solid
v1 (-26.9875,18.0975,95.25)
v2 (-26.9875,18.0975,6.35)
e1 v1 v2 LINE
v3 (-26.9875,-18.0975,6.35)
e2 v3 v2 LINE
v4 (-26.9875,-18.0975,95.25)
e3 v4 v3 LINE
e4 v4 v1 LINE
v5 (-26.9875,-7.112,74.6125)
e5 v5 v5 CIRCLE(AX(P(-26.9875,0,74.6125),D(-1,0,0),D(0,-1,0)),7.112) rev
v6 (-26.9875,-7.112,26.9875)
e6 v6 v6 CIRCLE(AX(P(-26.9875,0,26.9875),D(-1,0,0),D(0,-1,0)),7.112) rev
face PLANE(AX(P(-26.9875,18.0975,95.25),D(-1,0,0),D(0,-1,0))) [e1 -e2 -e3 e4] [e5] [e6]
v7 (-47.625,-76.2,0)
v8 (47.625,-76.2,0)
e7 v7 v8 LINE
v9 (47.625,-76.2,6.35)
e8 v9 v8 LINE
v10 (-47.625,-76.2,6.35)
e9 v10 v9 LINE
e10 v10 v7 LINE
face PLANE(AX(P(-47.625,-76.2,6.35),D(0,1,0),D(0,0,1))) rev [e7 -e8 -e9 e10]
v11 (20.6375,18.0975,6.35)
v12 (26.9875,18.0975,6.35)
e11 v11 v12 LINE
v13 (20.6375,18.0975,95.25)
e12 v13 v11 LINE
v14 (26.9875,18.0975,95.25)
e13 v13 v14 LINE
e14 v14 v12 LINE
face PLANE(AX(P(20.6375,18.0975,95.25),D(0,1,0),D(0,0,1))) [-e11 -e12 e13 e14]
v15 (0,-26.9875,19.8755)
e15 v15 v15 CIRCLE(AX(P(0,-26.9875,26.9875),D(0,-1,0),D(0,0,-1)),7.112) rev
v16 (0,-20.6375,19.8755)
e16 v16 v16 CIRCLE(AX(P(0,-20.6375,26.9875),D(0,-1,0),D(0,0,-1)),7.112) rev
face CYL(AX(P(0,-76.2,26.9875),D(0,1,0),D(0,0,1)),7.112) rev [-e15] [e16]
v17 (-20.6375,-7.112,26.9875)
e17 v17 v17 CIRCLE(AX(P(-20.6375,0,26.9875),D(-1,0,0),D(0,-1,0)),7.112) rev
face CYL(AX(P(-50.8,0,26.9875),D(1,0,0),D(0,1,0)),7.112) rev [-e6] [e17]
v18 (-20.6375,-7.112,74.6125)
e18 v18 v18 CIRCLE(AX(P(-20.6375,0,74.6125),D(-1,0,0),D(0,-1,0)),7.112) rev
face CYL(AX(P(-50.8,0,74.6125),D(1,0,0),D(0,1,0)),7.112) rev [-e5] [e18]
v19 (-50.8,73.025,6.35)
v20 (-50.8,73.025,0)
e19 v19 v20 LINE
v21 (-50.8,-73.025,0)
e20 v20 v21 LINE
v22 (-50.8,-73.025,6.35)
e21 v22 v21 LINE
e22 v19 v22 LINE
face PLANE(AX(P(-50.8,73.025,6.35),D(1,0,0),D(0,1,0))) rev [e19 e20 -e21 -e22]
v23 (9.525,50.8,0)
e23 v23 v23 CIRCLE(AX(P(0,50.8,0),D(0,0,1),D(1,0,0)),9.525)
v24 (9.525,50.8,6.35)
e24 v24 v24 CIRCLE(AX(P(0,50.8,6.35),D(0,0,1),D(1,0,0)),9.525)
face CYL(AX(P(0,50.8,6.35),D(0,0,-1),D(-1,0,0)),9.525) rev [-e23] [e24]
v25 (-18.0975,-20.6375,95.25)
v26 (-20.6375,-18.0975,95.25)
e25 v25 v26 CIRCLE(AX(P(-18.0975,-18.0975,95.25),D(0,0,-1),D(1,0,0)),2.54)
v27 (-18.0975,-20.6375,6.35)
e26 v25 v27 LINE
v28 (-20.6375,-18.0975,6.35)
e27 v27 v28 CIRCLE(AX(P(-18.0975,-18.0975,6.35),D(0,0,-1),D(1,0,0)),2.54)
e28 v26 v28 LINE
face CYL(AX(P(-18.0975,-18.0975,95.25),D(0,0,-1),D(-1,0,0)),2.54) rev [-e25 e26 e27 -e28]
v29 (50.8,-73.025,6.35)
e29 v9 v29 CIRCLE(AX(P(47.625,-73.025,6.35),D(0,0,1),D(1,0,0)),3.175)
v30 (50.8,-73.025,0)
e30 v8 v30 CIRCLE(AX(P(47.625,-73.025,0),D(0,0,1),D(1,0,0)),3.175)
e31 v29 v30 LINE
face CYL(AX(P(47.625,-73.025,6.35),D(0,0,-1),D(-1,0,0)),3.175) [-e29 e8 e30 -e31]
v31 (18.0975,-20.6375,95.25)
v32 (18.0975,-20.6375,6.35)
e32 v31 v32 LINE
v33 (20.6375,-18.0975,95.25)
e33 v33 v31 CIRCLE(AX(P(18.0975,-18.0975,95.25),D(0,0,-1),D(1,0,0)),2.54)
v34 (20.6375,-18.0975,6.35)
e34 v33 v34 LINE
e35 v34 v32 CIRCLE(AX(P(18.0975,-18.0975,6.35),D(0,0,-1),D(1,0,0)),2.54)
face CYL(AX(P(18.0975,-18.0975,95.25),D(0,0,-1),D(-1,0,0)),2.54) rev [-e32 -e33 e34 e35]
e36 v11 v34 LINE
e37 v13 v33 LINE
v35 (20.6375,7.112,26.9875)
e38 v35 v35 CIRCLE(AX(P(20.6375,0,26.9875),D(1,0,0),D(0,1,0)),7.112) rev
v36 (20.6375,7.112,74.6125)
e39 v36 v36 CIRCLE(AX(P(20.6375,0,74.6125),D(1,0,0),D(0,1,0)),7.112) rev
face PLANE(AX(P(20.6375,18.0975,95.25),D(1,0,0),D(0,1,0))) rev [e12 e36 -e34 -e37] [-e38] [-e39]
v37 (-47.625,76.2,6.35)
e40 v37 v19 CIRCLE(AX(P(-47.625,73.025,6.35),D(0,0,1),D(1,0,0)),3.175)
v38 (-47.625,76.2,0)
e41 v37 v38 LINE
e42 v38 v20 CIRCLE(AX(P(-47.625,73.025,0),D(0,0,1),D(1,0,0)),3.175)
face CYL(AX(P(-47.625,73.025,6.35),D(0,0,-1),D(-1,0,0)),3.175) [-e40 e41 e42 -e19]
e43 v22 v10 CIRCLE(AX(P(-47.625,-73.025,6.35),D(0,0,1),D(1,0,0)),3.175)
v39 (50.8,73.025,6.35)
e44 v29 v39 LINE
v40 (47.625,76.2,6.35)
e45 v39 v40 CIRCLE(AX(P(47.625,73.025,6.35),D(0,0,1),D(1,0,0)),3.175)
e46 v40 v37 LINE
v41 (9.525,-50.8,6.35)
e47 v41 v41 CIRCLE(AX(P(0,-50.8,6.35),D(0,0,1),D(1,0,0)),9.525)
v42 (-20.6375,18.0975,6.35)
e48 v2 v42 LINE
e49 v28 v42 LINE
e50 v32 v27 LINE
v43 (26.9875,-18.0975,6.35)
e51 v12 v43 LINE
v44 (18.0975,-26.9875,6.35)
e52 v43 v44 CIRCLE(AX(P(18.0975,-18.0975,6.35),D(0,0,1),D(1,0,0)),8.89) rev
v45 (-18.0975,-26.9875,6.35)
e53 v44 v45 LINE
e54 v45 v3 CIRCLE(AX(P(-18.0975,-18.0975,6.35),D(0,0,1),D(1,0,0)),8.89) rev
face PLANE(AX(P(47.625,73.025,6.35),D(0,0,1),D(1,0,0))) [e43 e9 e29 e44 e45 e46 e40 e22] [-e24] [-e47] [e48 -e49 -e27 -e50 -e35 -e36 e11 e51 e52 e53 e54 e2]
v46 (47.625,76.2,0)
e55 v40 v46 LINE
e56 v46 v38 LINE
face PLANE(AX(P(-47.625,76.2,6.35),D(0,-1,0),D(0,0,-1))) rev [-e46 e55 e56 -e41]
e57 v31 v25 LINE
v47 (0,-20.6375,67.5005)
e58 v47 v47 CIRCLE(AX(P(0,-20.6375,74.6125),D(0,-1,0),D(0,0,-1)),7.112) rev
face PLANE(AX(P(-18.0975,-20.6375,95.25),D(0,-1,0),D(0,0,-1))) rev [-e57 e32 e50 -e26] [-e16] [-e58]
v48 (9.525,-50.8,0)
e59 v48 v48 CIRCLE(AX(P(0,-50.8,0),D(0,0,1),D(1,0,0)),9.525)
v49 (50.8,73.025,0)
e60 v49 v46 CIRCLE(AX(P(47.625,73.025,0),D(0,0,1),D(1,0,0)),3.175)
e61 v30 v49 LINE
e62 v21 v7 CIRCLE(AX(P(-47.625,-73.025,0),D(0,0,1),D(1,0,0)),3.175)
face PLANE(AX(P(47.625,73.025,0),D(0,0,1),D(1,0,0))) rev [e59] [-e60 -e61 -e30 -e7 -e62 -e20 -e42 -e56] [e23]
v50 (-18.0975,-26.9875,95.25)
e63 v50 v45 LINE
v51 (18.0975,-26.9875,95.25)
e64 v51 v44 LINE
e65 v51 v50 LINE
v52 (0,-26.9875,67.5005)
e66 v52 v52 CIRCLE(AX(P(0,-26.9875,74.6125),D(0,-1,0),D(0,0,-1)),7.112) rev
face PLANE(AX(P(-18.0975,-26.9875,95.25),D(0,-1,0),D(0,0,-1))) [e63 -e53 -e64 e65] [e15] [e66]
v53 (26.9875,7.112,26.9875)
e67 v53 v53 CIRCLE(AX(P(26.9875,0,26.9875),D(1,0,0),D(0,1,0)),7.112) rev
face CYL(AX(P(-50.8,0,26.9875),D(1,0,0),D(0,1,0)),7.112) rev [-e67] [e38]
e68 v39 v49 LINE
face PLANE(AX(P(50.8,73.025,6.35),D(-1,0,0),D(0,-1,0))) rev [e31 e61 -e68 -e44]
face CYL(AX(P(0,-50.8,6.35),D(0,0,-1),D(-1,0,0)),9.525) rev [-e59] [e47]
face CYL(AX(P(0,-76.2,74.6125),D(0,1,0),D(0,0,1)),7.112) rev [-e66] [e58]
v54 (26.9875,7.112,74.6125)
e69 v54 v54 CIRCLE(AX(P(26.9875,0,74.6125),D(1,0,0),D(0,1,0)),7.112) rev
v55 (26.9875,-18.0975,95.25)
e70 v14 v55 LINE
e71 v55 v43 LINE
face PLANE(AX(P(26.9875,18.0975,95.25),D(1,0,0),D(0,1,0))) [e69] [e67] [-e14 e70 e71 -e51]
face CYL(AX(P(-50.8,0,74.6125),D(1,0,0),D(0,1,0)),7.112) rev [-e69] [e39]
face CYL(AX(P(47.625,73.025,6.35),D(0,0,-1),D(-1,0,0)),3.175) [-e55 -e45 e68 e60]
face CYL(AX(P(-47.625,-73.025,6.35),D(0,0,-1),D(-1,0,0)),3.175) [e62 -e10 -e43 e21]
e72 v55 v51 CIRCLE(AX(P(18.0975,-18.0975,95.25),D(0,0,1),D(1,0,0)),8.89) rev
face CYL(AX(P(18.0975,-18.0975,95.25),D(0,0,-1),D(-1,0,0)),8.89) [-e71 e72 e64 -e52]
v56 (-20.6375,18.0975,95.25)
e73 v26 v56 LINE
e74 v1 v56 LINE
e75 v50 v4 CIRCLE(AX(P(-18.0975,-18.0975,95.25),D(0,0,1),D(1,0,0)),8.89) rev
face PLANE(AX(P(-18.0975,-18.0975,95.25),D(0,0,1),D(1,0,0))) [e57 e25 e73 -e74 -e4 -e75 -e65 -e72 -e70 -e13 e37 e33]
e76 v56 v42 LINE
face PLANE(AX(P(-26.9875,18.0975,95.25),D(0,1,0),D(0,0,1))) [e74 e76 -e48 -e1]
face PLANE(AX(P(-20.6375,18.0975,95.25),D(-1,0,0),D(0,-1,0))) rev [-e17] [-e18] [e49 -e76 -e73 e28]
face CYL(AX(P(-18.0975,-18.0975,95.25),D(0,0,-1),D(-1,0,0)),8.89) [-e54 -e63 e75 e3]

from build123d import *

# Parameters (mm, degrees)
SKETCH1_R           = 9.525
BOSS_EXTRUDE1_DEPTH = 6.35
EXTRUDE_THIN1_DEPTH = 88.9
SKETCH3_R           = 7.112
CUT_EXTRUDE1_DEPTH  = 77.2
CIRPATTERN1_COUNT   = 4


with BuildPart() as part:
    # Sketch1 → Boss-Extrude1 (new body)
    with BuildSketch(Plane.XY):
        with BuildLine():
            Line((-47.625, 76.2), (47.625, 76.2))
            ThreePointArc((47.625, 76.2), (49.87006403, 75.27006403), (50.8, 73.025))
            Line((50.8, 73.025), (50.8, -73.025))
            ThreePointArc((50.8, -73.025), (49.87006403, -75.27006403), (47.625, -76.2))
            Line((47.625, -76.2), (-47.625, -76.2))
            ThreePointArc((-47.625, -76.2), (-49.87006403, -75.27006403), (-50.8, -73.025))
            Line((-50.8, -73.025), (-50.8, 73.025))
            ThreePointArc((-50.8, 73.025), (-49.87006403, 75.27006403), (-47.625, 76.2))
        make_face()
        with Locations((0, 50.8)):
            Circle(SKETCH1_R, mode=Mode.SUBTRACT)
        with Locations((0, -50.8)):
            Circle(SKETCH1_R, mode=Mode.SUBTRACT)
    extrude(amount=BOSS_EXTRUDE1_DEPTH)

    # Sketch2 → Extrude-Thin1 (add)
    with BuildSketch(Plane.XY.offset(6.35)):
        with BuildLine():
            Line((-20.6375, 18.0975), (-20.6375, -18.0975))
            ThreePointArc((-20.6375, -18.0975), (-19.893551224, -19.893551224), (-18.0975, -20.6375))
            Line((-18.0975, -20.6375), (18.0975, -20.6375))
            ThreePointArc((18.0975, -20.6375), (19.893551224, -19.893551224), (20.6375, -18.0975))
            Line((20.6375, -18.0975), (20.6375, 18.0975))
            Line((20.6375, 18.0975), (26.9875, 18.0975))
            Line((26.9875, 18.0975), (26.9875, -18.0975))
            ThreePointArc((26.9875, -18.0975), (24.383679285, -24.383679285), (18.0975, -26.9875))
            Line((18.0975, -26.9875), (-18.0975, -26.9875))
            ThreePointArc((-18.0975, -26.9875), (-24.383679285, -24.383679285), (-26.9875, -18.0975))
            Line((-26.9875, -18.0975), (-26.9875, 18.0975))
            Line((-26.9875, 18.0975), (-20.6375, 18.0975))
        make_face()
    extrude(amount=EXTRUDE_THIN1_DEPTH)

    # Sketch3 → Cut-Extrude1 (cut, through all)
    with BuildSketch(Plane.XZ):
        with Locations((0, 74.6125)):
            Circle(SKETCH3_R)
        with Locations((0, 26.9875)):
            Circle(SKETCH3_R)
    cut_extrude1 = extrude(amount=CUT_EXTRUDE1_DEPTH, mode=Mode.SUBTRACT)

    # CirPattern1: Cut-Extrude1 ×4 about axis, 1 skipped
    cirpattern1_axis = Axis((0, 0, 74.6125), (0, 0, -1))
    add([cut_extrude1.rotate(cirpattern1_axis, i * 360 / CIRPATTERN1_COUNT) for i in range(1, CIRPATTERN1_COUNT) if i not in (2,)], mode=Mode.SUBTRACT)


solid = part.part
